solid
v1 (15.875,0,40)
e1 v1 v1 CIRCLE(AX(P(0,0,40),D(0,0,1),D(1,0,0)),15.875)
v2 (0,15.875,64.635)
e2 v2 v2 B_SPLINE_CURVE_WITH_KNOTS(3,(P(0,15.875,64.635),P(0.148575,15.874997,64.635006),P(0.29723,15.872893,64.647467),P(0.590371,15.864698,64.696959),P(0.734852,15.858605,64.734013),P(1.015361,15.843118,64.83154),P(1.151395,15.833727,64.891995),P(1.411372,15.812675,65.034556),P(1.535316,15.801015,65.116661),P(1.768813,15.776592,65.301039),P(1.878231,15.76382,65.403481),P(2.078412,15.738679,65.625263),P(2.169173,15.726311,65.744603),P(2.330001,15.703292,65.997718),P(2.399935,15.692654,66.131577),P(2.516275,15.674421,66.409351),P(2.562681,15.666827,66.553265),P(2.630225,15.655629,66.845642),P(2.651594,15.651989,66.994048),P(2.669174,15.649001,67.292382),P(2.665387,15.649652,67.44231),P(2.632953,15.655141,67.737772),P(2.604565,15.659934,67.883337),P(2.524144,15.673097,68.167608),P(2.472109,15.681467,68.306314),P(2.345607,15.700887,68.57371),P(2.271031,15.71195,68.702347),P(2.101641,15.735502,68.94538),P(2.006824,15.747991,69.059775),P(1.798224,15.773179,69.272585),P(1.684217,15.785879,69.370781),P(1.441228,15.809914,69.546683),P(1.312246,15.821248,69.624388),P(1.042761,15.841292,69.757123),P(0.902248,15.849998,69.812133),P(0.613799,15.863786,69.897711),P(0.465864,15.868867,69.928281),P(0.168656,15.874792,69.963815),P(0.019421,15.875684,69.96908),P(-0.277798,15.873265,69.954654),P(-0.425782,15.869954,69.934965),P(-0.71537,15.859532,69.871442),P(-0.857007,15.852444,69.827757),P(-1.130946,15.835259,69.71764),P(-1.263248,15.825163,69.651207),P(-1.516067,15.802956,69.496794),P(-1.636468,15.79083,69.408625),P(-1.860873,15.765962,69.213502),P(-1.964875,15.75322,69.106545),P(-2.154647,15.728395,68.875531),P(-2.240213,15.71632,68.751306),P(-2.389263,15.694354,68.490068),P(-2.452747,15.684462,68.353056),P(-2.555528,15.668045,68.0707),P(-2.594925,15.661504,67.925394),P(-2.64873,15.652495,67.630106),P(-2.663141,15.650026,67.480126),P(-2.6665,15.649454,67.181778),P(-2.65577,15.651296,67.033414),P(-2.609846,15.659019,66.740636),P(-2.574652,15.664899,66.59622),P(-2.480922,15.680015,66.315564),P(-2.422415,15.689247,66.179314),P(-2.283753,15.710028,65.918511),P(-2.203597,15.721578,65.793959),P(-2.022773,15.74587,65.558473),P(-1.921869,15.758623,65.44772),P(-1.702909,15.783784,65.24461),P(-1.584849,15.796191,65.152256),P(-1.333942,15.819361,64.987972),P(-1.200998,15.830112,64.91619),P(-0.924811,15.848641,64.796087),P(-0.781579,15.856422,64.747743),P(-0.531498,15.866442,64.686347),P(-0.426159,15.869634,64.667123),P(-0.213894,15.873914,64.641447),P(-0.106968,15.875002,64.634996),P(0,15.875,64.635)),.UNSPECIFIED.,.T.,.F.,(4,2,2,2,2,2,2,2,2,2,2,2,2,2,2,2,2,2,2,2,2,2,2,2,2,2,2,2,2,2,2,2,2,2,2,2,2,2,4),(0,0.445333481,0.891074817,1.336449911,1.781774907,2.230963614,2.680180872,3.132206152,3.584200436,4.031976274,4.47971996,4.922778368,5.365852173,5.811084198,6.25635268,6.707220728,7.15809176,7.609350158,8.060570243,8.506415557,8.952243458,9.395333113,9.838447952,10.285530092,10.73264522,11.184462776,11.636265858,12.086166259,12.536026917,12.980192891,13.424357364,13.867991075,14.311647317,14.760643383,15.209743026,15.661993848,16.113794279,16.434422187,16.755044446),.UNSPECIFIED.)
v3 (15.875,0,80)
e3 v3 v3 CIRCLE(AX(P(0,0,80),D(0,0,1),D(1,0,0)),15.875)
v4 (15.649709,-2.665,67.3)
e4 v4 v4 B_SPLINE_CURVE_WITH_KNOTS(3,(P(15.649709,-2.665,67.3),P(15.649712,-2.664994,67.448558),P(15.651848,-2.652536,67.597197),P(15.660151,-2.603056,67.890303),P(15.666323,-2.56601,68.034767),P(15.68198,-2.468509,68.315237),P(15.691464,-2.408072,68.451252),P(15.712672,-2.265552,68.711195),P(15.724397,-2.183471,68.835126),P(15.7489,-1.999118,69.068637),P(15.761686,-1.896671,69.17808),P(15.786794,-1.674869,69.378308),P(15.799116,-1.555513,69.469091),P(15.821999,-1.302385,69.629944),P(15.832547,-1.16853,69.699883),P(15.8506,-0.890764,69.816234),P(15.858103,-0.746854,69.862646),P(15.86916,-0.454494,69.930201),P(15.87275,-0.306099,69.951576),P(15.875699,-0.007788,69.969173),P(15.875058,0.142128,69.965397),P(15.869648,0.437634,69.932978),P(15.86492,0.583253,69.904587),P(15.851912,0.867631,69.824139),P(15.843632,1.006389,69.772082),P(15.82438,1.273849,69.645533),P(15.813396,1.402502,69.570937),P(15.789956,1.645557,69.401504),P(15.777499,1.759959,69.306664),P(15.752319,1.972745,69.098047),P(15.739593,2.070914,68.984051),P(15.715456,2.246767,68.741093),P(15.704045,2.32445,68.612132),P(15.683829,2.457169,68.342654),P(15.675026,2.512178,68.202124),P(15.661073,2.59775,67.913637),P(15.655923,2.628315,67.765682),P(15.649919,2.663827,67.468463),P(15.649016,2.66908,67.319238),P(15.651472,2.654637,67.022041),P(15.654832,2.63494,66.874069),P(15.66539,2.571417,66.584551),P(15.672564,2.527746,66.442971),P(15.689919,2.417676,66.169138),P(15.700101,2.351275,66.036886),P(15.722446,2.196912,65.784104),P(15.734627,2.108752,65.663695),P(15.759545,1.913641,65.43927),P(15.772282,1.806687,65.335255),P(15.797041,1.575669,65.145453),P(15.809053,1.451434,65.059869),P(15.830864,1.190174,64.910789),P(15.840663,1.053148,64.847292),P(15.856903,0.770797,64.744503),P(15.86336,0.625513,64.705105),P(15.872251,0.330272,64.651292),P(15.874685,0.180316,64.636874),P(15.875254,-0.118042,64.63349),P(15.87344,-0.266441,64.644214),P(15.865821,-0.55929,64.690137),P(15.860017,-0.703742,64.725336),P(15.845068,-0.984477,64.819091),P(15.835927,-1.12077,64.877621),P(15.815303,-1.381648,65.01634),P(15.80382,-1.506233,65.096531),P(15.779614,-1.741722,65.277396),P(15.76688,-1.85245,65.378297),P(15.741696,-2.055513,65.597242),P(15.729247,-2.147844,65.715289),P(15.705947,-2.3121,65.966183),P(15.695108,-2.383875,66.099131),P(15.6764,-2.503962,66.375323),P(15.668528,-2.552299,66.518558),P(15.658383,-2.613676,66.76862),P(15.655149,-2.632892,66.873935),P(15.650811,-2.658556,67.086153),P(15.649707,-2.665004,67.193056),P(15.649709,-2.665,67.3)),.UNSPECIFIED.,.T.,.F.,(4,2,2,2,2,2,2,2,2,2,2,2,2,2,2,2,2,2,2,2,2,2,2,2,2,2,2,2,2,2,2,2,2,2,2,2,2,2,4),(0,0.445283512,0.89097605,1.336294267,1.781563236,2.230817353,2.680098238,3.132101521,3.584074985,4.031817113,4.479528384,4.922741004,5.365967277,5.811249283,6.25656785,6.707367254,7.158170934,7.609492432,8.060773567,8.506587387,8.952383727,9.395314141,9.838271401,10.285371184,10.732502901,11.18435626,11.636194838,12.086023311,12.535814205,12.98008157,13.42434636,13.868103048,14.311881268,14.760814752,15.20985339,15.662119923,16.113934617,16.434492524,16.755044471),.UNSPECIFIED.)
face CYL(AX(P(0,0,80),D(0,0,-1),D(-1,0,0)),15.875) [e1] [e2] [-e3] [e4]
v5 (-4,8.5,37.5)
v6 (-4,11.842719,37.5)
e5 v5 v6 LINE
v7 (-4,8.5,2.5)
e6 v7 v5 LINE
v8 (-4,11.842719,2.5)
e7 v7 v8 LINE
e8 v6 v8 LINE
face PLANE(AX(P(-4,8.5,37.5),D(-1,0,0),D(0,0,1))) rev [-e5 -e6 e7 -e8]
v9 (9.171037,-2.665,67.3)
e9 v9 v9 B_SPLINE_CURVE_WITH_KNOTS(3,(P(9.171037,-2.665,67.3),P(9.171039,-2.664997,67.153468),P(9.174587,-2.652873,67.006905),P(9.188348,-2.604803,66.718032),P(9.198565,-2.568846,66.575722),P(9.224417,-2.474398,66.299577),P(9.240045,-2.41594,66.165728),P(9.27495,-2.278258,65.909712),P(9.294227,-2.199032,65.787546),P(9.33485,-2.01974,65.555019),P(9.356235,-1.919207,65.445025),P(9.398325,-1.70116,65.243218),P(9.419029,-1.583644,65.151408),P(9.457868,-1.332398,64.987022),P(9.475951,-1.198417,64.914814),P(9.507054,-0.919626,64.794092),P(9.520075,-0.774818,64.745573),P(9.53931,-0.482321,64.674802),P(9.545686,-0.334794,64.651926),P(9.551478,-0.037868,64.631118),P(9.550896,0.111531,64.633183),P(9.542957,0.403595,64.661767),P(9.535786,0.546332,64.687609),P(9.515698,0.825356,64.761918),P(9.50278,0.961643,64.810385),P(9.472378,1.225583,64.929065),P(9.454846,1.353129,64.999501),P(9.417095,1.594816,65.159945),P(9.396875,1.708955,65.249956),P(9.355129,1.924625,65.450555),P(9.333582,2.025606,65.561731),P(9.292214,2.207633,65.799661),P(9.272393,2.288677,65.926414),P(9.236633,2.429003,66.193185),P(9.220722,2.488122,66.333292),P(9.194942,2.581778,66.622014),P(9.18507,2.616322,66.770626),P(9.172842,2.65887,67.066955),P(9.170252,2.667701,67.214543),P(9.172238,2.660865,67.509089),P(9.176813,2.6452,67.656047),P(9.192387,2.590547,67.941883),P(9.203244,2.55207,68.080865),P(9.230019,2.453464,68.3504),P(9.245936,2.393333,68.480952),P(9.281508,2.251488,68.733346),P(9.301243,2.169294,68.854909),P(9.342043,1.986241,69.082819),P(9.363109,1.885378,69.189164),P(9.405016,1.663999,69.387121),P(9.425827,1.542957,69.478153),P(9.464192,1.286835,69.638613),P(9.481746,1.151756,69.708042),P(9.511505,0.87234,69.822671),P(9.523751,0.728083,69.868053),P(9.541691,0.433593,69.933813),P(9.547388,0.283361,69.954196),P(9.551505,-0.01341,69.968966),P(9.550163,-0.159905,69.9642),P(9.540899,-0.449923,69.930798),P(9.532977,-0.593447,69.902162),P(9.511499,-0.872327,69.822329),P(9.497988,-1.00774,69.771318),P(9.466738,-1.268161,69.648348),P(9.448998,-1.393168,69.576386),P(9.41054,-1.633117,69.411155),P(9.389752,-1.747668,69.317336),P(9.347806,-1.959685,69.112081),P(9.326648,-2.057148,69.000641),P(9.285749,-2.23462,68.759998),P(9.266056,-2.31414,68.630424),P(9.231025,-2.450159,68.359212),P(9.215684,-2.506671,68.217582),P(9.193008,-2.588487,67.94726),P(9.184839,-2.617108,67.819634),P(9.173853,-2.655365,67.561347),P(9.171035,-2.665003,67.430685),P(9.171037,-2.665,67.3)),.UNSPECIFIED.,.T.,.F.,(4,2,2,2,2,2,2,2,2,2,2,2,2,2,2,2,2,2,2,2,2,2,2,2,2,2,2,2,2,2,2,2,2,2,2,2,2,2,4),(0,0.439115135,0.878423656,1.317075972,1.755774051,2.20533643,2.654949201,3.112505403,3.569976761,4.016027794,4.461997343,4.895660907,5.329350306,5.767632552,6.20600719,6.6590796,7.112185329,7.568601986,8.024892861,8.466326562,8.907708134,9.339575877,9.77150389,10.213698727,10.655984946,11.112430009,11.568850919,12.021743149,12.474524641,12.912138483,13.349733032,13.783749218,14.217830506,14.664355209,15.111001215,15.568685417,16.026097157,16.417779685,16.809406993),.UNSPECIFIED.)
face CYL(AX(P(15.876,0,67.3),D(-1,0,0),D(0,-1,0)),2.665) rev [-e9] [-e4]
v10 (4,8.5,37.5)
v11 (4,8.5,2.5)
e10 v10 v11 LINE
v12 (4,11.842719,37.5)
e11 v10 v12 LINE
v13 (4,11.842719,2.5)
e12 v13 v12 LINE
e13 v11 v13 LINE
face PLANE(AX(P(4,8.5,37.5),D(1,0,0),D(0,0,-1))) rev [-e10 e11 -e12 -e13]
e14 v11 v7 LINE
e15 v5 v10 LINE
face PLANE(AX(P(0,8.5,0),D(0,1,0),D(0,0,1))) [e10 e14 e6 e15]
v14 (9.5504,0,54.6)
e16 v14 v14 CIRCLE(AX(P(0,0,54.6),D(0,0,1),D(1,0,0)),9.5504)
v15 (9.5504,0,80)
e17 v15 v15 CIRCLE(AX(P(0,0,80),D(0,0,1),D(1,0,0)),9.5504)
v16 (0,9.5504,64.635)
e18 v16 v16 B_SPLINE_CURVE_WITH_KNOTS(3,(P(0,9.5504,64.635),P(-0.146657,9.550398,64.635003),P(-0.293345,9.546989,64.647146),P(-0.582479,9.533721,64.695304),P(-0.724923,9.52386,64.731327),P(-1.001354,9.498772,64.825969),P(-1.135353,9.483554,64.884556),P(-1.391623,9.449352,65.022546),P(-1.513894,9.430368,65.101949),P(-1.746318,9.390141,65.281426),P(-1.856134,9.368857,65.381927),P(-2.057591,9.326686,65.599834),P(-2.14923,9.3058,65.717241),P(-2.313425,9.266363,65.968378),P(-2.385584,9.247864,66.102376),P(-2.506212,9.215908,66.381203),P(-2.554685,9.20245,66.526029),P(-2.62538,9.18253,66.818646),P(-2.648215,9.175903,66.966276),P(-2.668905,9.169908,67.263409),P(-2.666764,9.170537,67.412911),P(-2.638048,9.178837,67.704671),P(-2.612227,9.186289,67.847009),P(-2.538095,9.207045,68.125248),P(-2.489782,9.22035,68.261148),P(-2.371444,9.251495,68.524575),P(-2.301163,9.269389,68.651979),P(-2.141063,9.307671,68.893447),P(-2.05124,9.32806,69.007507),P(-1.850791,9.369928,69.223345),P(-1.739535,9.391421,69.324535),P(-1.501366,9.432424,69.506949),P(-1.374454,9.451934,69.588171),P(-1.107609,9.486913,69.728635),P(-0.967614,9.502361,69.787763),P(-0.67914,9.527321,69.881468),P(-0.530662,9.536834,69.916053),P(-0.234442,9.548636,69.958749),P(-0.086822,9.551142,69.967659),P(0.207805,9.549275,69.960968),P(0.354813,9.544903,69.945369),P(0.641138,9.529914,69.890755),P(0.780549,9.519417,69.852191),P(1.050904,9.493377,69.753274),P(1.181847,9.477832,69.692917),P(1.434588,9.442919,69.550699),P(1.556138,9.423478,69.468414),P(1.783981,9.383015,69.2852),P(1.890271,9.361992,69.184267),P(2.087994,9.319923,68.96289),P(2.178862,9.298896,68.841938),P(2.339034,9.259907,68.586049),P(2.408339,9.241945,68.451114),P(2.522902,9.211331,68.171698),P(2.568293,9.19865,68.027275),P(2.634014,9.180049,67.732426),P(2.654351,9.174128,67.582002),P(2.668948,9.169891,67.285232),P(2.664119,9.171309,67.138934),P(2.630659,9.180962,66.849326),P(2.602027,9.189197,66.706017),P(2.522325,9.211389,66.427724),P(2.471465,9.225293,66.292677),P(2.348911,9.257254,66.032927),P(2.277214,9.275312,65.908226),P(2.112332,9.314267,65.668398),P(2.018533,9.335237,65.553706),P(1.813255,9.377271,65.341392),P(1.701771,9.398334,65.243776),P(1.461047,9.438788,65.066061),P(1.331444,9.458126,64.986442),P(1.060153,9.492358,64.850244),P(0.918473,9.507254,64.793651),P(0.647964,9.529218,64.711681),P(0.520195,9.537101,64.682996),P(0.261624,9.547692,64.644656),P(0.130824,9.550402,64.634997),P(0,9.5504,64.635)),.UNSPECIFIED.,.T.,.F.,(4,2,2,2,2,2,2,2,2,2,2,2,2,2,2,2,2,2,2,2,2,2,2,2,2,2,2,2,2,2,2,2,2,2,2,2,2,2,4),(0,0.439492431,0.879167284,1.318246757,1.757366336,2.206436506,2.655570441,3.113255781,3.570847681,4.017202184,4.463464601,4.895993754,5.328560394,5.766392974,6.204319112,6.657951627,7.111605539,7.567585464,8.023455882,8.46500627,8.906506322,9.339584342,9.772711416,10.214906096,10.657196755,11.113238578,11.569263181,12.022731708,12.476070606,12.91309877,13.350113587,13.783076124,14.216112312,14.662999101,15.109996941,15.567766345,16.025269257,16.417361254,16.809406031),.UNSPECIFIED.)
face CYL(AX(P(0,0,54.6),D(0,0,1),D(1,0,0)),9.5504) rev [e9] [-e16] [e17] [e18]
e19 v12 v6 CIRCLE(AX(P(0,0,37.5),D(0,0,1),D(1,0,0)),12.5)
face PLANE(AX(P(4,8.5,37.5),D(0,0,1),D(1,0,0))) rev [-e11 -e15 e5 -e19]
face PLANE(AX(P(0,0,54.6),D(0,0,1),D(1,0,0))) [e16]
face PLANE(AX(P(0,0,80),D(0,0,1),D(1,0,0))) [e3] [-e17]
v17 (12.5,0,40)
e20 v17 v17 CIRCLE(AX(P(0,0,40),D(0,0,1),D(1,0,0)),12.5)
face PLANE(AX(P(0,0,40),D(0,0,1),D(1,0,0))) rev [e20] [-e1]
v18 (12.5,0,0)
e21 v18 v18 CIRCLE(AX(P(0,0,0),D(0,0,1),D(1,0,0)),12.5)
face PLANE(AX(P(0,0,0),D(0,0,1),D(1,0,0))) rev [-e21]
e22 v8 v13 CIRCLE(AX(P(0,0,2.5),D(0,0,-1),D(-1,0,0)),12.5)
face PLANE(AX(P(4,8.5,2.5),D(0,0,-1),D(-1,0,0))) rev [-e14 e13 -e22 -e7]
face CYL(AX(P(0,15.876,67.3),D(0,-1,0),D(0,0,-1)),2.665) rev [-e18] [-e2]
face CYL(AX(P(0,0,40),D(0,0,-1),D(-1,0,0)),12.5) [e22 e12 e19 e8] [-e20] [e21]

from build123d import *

# Parameters (mm, degrees)
SKETCH1_R               = 12.5
BOSS_EXTRUDE1_DEPTH     = 40
SKETCH2_W               = 8
SKETCH2_H               = 35
CUT_EXTRUDE1_DEPTH      = 4
SKETCH3_R               = 15.875
BOSS_EXTRUDE2_DEPTH     = 40
SKETCH5_R               = 9.5504
CUT_EXTRUDE2_DEPTH      = 25.4
CUT_EXTRUDE3_REACH      = 85.091
CUT_EXTRUDE3_END_RADIUS = 15.875
SKETCH6_R               = 2.665
CIRPATTERN1_COUNT       = 2
CIRPATTERN1_ANGLE       = 90


with BuildPart() as part:
    # Sketch1 → Boss-Extrude1 (new body)
    with BuildSketch(Plane.XY):
        Circle(SKETCH1_R)
    extrude(amount=BOSS_EXTRUDE1_DEPTH)

    # Sketch2 → Cut-Extrude1 (cut)
    with BuildSketch(Plane(origin=(0, 12.5, 0), x_dir=(1, 0, 0), z_dir=(0, 1, 0))):
        with Locations((0, -20)):
            Rectangle(SKETCH2_W, SKETCH2_H)
    extrude(amount=-CUT_EXTRUDE1_DEPTH, mode=Mode.SUBTRACT)

    # Sketch3 → Boss-Extrude2 (add)
    with BuildSketch(Plane.XY.offset(40)):
        Circle(SKETCH3_R)
    extrude(amount=BOSS_EXTRUDE2_DEPTH)

    # Sketch5 → Cut-Extrude2 (cut)
    with BuildSketch(Plane.XY.offset(80)):
        Circle(SKETCH5_R)
    extrude(amount=-CUT_EXTRUDE2_DEPTH, mode=Mode.SUBTRACT)

    # Cut-Extrude3: up to this cylinder (the profile starts inside it)
    cut_extrude3_end = Plane(origin=(0, 0, 67.3), z_dir=(0, 0, -1)) * Cylinder(CUT_EXTRUDE3_END_RADIUS, 202.932, mode=Mode.PRIVATE)
    # Sketch6 → Cut-Extrude3 (cut, up to the surface)
    with BuildSketch(Plane(origin=(0, 0, 0), x_dir=(1, 0, 0), z_dir=(0, 1, 0)), mode=Mode.PRIVATE) as cut_extrude3_sk1:
        with Locations(Location((0, -67.3, 0), (0, 0, 90))):
            Circle(SKETCH6_R)
    cut_extrude3_tool1 = extrude(cut_extrude3_sk1.sketch, amount=CUT_EXTRUDE3_REACH, mode=Mode.PRIVATE) & cut_extrude3_end
    cut_extrude3 = cut_extrude3_tool1.solids().sort_by_distance((0, 0, 67.3))[0]
    add(cut_extrude3, mode=Mode.SUBTRACT)

    # CirPattern1: Cut-Extrude3 ×2 about axis
    cirpattern1_axis = Axis((0, 0, 80), (0, 0, -1))
    for i in range(1, CIRPATTERN1_COUNT):
        add(cut_extrude3.rotate(cirpattern1_axis, i * CIRPATTERN1_ANGLE / (CIRPATTERN1_COUNT - 1)), mode=Mode.SUBTRACT)


solid = part.part
